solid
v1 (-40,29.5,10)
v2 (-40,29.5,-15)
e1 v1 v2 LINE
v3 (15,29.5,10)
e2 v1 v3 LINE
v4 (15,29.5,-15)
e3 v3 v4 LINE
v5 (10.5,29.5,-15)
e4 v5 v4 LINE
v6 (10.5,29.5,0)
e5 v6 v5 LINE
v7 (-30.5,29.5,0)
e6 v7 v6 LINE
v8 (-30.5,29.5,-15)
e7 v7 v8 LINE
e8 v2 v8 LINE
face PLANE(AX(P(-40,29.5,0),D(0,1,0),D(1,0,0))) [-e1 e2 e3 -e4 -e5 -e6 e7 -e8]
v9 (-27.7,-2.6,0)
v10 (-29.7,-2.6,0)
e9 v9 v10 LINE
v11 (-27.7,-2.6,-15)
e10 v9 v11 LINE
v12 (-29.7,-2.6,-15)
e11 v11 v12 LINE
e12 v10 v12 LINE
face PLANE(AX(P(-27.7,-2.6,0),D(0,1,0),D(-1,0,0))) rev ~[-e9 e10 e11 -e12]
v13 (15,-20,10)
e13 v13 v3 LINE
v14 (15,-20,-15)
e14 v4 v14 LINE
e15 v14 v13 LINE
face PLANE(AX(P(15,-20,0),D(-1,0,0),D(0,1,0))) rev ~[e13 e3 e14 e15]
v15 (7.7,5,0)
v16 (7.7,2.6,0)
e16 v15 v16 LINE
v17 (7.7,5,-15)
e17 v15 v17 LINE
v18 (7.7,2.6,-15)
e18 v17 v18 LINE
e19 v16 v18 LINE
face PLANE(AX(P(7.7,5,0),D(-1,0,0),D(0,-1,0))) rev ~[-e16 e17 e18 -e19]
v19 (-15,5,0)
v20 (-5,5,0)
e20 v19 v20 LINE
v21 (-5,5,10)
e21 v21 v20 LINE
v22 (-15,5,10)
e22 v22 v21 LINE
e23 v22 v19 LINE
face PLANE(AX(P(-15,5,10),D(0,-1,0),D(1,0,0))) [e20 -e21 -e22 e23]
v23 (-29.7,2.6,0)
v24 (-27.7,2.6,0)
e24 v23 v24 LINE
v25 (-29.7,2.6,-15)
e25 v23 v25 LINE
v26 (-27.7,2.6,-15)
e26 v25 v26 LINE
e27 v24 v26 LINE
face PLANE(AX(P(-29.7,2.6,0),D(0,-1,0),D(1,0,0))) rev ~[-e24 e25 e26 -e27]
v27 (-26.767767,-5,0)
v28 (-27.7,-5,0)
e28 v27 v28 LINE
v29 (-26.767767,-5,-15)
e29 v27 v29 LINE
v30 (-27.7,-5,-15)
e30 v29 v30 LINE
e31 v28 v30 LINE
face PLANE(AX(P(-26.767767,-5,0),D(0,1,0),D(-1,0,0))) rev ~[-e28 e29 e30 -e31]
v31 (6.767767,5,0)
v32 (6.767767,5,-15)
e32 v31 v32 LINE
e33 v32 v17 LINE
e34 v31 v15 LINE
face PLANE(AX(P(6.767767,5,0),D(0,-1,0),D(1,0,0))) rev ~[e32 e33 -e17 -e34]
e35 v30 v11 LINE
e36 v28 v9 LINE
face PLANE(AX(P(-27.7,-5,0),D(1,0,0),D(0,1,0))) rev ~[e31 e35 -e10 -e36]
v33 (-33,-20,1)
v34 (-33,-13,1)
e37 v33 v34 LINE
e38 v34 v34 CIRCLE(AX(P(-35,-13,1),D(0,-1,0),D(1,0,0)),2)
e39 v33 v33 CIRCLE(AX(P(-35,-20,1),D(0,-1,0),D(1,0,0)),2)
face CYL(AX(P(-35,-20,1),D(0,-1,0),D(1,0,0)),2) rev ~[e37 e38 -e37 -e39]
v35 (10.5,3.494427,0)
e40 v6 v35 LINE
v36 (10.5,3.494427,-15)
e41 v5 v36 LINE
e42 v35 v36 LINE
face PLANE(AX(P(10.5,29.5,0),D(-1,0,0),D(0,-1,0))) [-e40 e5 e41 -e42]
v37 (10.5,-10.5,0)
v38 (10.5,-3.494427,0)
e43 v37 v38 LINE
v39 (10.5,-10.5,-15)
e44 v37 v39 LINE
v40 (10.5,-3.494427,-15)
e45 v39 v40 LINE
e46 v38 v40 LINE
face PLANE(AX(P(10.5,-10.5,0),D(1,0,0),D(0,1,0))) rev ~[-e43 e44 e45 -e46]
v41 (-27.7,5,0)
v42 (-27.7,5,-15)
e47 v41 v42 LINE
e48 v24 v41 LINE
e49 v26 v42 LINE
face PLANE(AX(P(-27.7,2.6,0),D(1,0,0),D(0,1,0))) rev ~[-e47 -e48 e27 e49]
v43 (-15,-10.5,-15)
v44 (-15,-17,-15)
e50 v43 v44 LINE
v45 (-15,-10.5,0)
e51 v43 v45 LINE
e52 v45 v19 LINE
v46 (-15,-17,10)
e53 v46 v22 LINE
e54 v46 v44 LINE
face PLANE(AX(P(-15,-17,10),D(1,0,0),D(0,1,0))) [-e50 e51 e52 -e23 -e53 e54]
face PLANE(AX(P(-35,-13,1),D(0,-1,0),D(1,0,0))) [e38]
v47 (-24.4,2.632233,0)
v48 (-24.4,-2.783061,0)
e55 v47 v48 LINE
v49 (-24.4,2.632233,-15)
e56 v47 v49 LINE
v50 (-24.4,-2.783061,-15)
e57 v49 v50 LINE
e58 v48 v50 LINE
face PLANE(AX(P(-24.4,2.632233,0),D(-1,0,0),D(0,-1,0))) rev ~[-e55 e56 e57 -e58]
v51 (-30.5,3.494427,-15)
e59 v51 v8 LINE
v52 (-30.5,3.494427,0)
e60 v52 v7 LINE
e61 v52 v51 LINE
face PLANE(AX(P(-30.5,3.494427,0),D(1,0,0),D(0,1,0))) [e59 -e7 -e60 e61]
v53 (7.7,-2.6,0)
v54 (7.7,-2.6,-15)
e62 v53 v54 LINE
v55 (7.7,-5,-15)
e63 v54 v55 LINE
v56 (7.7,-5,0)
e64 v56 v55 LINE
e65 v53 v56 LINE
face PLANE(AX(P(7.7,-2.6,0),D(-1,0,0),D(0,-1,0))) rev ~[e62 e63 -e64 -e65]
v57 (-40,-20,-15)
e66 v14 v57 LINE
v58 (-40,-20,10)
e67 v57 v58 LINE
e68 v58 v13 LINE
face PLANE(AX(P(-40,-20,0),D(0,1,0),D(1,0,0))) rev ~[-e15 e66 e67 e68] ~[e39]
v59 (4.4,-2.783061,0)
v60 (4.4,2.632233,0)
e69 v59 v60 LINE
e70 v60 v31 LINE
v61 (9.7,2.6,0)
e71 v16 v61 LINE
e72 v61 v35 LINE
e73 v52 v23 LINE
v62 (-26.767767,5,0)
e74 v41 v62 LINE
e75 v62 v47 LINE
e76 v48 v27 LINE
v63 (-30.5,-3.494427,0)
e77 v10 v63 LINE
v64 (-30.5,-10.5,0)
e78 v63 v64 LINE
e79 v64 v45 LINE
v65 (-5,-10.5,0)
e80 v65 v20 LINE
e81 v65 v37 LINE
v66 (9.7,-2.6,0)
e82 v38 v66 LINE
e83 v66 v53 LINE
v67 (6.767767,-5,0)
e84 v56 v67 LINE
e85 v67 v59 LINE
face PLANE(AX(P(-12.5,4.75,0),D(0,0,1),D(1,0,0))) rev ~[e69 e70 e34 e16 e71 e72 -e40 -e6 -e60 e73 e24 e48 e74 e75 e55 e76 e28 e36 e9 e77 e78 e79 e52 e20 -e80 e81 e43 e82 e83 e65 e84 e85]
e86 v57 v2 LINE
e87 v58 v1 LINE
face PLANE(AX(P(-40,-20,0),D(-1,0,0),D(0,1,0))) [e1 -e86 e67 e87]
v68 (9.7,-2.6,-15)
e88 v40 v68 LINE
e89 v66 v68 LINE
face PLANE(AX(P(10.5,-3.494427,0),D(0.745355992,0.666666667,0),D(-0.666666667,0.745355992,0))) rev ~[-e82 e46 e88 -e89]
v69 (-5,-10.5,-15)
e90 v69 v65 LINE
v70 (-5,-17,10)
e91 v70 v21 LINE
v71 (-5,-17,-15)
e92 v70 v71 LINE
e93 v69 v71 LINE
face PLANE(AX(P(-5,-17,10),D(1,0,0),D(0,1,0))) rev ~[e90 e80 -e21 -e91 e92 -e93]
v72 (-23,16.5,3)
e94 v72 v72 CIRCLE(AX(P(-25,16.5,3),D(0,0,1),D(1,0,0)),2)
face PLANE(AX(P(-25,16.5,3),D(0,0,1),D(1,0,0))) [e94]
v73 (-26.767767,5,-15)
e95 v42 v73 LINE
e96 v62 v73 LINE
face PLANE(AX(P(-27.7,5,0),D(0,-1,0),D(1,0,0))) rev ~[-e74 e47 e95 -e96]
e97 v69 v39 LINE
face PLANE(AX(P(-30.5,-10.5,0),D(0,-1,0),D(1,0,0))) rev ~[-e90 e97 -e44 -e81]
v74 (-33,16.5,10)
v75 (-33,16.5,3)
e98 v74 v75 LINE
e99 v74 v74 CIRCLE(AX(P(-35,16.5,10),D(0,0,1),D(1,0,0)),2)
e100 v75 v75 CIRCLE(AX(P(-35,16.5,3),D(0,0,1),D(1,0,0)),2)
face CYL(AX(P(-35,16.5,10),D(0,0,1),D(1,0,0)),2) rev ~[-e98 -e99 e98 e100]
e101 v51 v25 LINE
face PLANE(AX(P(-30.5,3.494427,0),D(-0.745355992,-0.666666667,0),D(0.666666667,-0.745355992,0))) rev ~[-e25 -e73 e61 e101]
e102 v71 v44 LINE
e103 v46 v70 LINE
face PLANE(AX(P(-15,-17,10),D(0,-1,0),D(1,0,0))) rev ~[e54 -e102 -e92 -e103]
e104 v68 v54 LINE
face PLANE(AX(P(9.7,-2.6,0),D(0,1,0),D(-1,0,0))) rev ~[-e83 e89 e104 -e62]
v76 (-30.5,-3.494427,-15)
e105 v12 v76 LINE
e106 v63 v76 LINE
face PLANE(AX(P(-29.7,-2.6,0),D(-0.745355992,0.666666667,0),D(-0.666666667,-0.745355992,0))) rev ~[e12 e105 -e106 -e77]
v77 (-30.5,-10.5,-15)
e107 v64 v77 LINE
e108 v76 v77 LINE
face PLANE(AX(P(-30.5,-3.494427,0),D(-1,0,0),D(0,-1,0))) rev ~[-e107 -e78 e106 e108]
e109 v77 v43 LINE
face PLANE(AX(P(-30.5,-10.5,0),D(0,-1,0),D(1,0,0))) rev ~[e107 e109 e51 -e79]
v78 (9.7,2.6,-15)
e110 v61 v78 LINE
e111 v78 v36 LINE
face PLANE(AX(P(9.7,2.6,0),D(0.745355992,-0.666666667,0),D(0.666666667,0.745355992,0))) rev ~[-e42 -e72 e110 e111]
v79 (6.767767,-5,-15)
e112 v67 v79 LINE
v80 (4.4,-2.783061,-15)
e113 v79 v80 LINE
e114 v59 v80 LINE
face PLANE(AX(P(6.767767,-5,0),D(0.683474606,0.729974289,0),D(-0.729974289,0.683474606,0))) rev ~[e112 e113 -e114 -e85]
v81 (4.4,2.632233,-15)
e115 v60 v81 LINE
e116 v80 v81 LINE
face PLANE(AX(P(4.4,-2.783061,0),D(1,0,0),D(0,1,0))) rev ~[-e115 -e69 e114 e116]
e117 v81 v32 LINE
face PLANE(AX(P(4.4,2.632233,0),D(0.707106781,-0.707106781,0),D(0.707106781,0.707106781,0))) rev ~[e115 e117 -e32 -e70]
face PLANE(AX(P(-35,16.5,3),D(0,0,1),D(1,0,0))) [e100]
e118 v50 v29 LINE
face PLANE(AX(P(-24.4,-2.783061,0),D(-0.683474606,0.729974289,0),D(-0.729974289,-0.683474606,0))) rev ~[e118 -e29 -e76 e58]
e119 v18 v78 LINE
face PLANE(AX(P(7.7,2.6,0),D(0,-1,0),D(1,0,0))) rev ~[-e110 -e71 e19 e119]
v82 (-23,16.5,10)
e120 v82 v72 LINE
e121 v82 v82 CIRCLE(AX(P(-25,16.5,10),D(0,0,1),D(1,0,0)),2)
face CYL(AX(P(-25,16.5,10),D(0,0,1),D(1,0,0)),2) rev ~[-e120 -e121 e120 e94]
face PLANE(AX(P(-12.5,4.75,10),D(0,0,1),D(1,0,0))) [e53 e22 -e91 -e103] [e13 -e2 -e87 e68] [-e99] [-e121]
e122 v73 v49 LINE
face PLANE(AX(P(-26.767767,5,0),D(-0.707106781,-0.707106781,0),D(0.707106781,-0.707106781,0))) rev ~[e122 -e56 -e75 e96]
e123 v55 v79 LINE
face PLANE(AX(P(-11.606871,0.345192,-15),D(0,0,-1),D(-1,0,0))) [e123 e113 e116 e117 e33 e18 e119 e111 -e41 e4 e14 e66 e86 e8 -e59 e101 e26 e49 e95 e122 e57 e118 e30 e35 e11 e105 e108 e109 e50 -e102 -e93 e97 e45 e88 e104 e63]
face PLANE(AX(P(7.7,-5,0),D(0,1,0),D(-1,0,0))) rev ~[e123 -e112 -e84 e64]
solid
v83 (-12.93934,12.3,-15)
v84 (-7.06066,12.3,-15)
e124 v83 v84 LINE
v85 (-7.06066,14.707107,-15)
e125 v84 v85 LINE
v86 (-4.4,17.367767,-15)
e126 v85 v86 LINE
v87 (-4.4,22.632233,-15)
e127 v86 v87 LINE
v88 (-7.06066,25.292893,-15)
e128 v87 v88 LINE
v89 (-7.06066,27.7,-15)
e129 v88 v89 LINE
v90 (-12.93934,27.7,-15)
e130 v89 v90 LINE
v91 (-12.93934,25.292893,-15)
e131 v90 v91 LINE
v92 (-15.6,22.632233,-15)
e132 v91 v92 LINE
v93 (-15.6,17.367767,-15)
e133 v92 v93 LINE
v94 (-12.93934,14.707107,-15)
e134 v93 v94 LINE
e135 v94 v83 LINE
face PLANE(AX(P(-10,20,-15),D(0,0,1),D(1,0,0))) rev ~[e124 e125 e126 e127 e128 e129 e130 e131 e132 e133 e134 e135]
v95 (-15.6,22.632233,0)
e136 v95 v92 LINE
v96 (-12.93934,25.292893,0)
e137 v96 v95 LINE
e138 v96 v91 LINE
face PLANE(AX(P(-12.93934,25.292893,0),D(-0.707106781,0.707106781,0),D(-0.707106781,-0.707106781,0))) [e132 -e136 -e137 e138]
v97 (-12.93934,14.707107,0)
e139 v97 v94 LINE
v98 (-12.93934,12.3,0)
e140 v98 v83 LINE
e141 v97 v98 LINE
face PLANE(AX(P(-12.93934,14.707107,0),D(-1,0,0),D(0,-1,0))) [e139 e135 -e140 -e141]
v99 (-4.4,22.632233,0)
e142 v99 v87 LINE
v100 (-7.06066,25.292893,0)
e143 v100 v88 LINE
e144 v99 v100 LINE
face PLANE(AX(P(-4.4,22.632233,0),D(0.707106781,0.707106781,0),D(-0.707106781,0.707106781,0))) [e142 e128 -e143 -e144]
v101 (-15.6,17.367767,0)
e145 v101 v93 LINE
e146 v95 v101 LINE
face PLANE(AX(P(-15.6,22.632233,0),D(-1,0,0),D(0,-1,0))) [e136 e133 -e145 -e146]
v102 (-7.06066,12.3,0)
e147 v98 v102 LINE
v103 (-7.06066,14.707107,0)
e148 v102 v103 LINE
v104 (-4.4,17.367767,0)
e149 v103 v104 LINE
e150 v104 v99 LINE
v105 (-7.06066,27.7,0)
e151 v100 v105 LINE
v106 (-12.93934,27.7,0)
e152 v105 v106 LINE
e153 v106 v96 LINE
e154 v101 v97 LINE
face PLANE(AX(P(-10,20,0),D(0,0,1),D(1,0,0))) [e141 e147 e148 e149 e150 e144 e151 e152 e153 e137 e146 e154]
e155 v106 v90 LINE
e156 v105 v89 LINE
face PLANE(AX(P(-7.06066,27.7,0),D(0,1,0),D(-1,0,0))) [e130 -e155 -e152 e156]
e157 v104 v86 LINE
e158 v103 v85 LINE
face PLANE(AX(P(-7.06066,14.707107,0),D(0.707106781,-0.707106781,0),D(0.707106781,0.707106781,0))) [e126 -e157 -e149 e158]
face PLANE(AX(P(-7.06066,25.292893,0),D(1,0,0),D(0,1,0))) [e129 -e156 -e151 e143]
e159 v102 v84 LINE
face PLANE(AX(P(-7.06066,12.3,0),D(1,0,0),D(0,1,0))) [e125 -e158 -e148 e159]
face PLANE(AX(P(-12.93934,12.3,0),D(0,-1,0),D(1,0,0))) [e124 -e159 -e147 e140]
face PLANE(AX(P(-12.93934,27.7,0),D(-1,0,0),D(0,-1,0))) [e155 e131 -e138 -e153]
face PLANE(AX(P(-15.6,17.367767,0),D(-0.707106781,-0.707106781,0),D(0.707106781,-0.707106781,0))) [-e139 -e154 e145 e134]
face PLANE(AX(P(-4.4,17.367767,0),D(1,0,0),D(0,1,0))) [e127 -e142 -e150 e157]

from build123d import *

# Parameters (mm, degrees)
BOSS_EXTRUDE1_DEPTH = 15
SKETCH3_W           = 55
SKETCH3_H           = 49.5
BOSS_EXTRUDE2_DEPTH = 10
BOSS_EXTRUDE3_DEPTH = 15
SKETCH5_R           = 2
CUT_EXTRUDE1_DEPTH  = 7
SKETCH6_R           = 2
CUT_EXTRUDE2_DEPTH  = 7
SKETCH7_W           = 10
SKETCH7_H           = 22
CUT_EXTRUDE3_DEPTH  = 43


with BuildPart() as part:
    # Sketch1 → Boss-Extrude1 (new body)
    with BuildSketch(Plane.XY):
        Polygon((15, -20), (-40, -20), (-40, 29.5), (-30.5, 29.5), (-30.5, 10), (-30.5, 3.494427191), (-29.7, 2.6), (-27.7, 2.6), (-27.7, 5), (-26.767766953, 5), (-24.4, 2.632233047), (-24.4, -2.783060843), (-26.767766953, -5), (-27.7, -5), (-27.7, -2.6), (-29.7, -2.6), (-30.5, -3.494427191), (-30.5, -10.5), (10.5, -10.5), (10.5, -3.494427191), (9.7, -2.6), (7.7, -2.6), (7.7, -5), (6.767766953, -5), (4.4, -2.783060843), (4.4, 2.632233047), (6.767766953, 5), (7.7, 5), (7.7, 2.6), (9.7, 2.6), (10.5, 3.494427191), (10.5, 10), (10.5, 29.5), (15, 29.5), align=None)
    extrude(amount=-BOSS_EXTRUDE1_DEPTH)

    # Sketch3 → Boss-Extrude2 (add)
    with BuildSketch(Plane.XY):
        with Locations((-12.5, 4.75)):
            Rectangle(SKETCH3_W, SKETCH3_H)
    extrude(amount=BOSS_EXTRUDE2_DEPTH)

    # Sketch5 → Cut-Extrude1 (cut)
    with BuildSketch(Plane.XY.offset(10)):
        with Locations((-35, 16.5)):
            Circle(SKETCH5_R)
        with Locations((-25, 16.5)):
            Circle(SKETCH5_R)
    extrude(amount=-CUT_EXTRUDE1_DEPTH, mode=Mode.SUBTRACT)

    # Sketch6 → Cut-Extrude2 (cut)
    with BuildSketch(Plane(origin=(0, -20, 0), x_dir=(-1, 0, 0), z_dir=(0, -1, 0))):
        with Locations(Location((35, -1, 0), (0, 0, 180))):
            Circle(SKETCH6_R)
    extrude(amount=-CUT_EXTRUDE2_DEPTH, mode=Mode.SUBTRACT)

    # Sketch7 → Cut-Extrude3 (cut)
    with BuildSketch(Plane.XY.offset(10)):
        with Locations((-10, -6)):
            Rectangle(SKETCH7_W, SKETCH7_H)
    extrude(amount=-CUT_EXTRUDE3_DEPTH, mode=Mode.SUBTRACT)


with BuildPart() as body_2:
    # Sketch4 → Boss-Extrude3 (new body)
    with BuildSketch(Plane(origin=(0, 0, 0), x_dir=(-1, 0, 0), z_dir=(0, 0, -1))):
        Polygon((12.939339828, 25.292893219), (15.6, 22.632233047), (15.6, 17.367766953), (12.939339828, 14.707106781), (12.939339828, 12.3), (7.060660172, 12.3), (7.060660172, 14.707106781), (4.4, 17.367766953), (4.4, 22.632233047), (7.060660172, 25.292893219), (7.060660172, 27.7), (12.939339828, 27.7), align=None)
    extrude(amount=BOSS_EXTRUDE3_DEPTH)


solid = Compound([part.part, body_2.part])
